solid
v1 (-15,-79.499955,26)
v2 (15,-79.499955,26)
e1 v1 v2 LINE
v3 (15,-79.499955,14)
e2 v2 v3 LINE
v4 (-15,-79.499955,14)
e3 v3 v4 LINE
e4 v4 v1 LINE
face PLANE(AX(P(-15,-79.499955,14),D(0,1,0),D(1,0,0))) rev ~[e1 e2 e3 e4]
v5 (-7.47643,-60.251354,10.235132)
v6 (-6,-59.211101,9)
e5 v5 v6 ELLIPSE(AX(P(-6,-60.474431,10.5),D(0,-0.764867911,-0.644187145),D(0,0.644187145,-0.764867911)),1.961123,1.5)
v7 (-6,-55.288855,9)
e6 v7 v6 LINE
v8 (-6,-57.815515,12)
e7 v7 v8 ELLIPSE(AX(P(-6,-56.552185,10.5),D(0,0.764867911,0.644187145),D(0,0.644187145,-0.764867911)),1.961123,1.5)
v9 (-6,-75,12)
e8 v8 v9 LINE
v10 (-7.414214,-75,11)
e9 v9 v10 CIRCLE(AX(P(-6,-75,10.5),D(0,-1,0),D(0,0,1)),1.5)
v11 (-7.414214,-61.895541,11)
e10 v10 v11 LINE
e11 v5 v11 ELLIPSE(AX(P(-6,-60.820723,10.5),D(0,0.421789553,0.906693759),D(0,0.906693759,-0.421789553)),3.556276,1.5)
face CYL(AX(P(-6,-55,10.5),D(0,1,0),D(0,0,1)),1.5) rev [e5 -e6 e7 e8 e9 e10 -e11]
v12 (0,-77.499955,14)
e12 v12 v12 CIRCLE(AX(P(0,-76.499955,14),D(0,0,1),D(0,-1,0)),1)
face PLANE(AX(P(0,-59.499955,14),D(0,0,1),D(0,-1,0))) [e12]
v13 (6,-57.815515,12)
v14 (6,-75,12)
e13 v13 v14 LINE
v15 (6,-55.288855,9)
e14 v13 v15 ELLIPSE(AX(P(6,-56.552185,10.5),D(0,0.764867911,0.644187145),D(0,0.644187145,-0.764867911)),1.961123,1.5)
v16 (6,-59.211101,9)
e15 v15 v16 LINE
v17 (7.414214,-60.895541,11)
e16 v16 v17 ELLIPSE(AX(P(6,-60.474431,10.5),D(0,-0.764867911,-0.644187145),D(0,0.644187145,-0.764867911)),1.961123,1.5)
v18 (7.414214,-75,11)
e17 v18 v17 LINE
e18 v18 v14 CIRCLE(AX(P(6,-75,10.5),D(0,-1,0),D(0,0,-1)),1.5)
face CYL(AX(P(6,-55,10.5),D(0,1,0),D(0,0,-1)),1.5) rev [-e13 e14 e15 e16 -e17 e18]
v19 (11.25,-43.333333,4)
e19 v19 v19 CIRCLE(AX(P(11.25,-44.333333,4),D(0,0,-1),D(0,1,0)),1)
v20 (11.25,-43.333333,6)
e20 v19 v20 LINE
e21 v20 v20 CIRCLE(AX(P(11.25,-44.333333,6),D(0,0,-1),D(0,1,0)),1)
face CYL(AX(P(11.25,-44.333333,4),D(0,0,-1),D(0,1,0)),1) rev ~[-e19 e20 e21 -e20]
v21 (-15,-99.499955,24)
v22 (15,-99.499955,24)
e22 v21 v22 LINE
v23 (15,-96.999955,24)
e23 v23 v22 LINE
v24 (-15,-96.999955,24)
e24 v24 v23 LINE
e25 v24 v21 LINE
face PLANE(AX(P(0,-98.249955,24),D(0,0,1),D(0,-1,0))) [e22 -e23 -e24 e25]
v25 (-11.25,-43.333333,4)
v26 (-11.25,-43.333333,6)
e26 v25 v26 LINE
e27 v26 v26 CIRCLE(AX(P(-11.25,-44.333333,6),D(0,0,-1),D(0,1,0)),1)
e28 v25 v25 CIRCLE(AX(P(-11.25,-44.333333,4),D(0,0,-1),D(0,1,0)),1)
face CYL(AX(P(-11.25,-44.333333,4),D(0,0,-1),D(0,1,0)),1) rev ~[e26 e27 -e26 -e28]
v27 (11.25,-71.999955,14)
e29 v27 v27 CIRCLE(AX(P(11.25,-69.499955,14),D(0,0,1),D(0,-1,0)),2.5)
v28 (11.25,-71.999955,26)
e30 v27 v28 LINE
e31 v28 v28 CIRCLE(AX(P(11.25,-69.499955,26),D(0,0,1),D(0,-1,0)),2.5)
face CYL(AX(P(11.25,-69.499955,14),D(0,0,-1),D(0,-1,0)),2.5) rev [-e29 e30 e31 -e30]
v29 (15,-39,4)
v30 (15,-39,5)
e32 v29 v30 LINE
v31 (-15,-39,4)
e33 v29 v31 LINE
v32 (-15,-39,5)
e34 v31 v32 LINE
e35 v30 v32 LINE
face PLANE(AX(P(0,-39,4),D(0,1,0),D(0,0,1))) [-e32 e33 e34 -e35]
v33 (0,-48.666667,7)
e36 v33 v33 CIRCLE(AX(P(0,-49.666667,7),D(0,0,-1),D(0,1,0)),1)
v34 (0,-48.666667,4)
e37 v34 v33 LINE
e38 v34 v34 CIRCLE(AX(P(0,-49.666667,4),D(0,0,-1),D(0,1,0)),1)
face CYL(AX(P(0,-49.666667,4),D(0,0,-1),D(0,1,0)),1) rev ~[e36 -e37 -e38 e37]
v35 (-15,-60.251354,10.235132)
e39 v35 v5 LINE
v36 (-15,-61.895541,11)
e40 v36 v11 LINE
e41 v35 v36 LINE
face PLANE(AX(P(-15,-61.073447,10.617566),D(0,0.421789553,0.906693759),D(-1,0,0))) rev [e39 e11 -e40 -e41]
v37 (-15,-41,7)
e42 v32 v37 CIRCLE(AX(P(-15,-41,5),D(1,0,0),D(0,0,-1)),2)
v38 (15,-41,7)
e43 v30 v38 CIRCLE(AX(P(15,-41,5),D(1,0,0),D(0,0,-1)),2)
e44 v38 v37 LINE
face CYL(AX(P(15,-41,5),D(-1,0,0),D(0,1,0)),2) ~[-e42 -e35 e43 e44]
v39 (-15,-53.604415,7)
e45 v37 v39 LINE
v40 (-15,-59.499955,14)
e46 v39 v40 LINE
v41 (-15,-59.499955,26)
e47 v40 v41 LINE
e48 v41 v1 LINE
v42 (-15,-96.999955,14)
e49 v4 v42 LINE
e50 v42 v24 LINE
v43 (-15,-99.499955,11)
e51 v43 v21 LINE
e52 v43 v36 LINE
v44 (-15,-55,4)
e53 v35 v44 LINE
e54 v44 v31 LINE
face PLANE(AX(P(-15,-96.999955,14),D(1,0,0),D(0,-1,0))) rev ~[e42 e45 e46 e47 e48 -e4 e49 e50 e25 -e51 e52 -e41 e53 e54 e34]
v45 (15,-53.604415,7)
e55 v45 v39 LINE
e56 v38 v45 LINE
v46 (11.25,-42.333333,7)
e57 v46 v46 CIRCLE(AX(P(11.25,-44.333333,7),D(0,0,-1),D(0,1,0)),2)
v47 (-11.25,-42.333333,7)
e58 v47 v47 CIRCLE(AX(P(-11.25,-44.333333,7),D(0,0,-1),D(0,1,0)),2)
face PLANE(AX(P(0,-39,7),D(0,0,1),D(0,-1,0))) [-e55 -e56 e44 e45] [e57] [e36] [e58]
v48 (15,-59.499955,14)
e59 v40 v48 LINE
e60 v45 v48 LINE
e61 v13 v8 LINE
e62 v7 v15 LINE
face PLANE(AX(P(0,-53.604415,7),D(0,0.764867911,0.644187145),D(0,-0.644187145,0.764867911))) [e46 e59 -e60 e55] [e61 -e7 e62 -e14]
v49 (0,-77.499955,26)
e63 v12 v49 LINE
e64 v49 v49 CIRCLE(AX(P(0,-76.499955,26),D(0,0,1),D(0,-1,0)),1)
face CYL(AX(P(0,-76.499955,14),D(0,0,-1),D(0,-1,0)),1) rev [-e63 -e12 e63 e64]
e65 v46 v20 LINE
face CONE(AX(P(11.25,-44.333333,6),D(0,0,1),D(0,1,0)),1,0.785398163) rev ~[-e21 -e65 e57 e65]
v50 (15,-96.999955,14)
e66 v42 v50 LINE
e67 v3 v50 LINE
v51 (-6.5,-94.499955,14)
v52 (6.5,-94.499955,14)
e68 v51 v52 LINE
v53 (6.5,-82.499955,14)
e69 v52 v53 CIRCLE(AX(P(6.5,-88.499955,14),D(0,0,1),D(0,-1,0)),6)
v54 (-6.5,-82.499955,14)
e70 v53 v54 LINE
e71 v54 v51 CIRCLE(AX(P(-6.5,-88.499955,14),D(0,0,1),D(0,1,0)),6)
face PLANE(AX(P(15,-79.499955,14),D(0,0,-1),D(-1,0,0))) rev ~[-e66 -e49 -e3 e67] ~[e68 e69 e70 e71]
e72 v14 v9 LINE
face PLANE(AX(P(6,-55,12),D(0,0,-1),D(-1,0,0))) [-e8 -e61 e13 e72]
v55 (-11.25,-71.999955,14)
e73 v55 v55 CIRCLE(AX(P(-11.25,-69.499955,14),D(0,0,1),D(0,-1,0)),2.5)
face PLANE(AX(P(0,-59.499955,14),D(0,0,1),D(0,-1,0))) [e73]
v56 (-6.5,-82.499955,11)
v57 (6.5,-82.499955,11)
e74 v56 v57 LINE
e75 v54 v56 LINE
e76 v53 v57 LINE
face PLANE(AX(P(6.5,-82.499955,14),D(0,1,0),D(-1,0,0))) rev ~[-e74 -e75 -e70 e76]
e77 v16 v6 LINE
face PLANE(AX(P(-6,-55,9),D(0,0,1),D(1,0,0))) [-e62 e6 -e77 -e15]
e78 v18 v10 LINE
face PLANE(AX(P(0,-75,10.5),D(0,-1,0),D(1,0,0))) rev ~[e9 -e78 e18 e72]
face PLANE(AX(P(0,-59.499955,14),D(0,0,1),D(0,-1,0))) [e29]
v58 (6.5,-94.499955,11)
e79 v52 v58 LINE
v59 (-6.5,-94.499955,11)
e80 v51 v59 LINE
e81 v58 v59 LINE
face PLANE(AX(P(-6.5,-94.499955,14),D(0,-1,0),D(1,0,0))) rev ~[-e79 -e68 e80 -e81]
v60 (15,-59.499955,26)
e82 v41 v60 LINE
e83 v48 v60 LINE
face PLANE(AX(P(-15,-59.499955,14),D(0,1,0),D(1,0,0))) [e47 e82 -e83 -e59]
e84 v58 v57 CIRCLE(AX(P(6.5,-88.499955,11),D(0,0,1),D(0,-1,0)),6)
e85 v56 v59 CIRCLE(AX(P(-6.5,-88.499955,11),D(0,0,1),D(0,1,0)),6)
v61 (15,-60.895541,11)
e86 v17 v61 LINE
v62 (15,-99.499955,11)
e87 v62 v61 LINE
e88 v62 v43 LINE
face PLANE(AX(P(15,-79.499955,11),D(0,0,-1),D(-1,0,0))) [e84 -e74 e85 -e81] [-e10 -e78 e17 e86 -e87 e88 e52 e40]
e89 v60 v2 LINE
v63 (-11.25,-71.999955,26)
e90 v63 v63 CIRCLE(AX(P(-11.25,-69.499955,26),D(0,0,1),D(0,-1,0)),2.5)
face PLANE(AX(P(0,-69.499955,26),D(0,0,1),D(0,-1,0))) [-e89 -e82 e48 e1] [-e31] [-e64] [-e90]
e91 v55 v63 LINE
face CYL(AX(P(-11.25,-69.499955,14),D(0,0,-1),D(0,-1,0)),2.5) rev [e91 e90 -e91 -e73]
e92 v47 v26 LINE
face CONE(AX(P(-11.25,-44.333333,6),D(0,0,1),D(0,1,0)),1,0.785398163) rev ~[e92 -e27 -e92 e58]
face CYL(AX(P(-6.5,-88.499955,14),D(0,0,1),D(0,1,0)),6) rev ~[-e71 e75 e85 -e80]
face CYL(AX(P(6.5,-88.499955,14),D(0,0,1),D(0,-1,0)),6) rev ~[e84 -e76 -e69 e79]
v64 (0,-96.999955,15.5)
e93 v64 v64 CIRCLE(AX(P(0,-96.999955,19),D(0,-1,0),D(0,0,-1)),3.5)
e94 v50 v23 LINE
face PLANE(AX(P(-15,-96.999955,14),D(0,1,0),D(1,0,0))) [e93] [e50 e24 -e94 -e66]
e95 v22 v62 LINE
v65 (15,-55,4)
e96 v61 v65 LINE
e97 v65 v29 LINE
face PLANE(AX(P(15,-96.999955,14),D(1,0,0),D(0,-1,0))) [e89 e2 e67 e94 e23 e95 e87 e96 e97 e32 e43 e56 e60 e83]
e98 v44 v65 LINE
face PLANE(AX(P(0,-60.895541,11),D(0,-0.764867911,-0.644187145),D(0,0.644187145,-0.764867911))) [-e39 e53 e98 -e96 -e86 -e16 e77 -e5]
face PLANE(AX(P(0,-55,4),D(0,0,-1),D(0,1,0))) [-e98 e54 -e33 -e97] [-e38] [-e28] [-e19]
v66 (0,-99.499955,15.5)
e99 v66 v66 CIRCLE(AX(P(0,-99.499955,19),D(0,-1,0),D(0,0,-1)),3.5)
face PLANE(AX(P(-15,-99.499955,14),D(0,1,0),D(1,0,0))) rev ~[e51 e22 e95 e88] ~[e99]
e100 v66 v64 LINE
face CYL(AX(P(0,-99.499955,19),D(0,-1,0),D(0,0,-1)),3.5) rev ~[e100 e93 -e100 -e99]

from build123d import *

# Parameters (mm, degrees)
PAD005_DEPTH        = 15
SKETCH010_W         = 20
SKETCH010_H         = 30
SKETCH010_R         = 2.5
SKETCH010_R_2       = 1
PAD006_DEPTH        = 12
POCKET004_DEPTH     = 20
POCKET004_FACE013_W = 30
POCKET004_FACE013_H = 3
PAD010_DEPTH        = 20
SKETCH012_W         = 2.5
SKETCH012_H         = 30
PAD008_DEPTH        = 10
SKETCH013_R         = 3.5
POCKET005_DEPTH     = 5
POCKET006_DEPTH     = 5
SKETCH015_R         = 1
POCKET007_DEPTH     = 5
FILLET003_R         = 2
CHAMFER001_SIZE     = 1


with BuildPart() as part:
    # Sketch009 → Pad005 (new body, symmetric)
    with BuildSketch(Plane.YZ):
        Polygon((-53.6044145035, 7), (-59.4999553571, 14), (-79.4999553571, 14), (-79.4999553571, 11), (-60.8955408536, 11), (-55, 4), (-39, 4), (-39, 7), align=None)
    extrude(amount=PAD005_DEPTH, both=True)

    # Sketch010 (on Face5 of Pad005) → Pad006 (join)
    with BuildSketch(Plane(origin=(0, 0, 14), x_dir=(0, -1, 0), z_dir=(0, 0, 1))):
        with Locations((69.4999553571, 0)):
            Rectangle(SKETCH010_W, SKETCH010_H)
        with Locations((69.4999553571, 11.25)):
            Circle(SKETCH010_R, mode=Mode.SUBTRACT)
        with Locations((69.4999553571, -11.25)):
            Circle(SKETCH010_R, mode=Mode.SUBTRACT)
        with Locations((76.4999553571, 0)):
            Circle(SKETCH010_R_2, mode=Mode.SUBTRACT)
    extrude(amount=PAD006_DEPTH)

    # Sketch011 → Pocket004 (cut)
    with BuildSketch(Plane.XZ.offset(55)):
        with BuildLine():
            ThreePointArc((-6, 12), (-7.5, 10.5), (-6, 9))
            Line((-6, 9), (6, 9))
            ThreePointArc((6, 9), (7.5, 10.5), (6, 12))
            Line((6, 12), (-6, 12))
        make_face()
    extrude(amount=POCKET004_DEPTH, mode=Mode.SUBTRACT)

    # Pocket004 Face013 → Pad010 (add)
    with BuildSketch(Plane(origin=(0, -79.4999553571, 12.5), x_dir=(-1, 0, 0), z_dir=(0, -1, 0))):
        Rectangle(POCKET004_FACE013_W, POCKET004_FACE013_H)
    extrude(amount=PAD010_DEPTH)

    # Sketch012 (on Face22 of Pad010) → Pad008 (join)
    with BuildSketch(Plane(origin=(0, 0, 14), x_dir=(0, -1, 0), z_dir=(0, 0, 1))):
        with Locations((98.2499553571, 0)):
            Rectangle(SKETCH012_W, SKETCH012_H)
    extrude(amount=PAD008_DEPTH)

    # Sketch013 (on Face30 of Pad008) → Pocket005 (cut)
    with BuildSketch(Plane(origin=(0, -99.4999553571, 0), x_dir=(0, 0, -1), z_dir=(0, -1, 0))):
        with Locations((-19, 0)):
            Circle(SKETCH013_R)
    extrude(amount=-POCKET005_DEPTH, mode=Mode.SUBTRACT)

    # Sketch014 (on Face22 of Pocket005) → Pocket006 (cut)
    with BuildSketch(Plane(origin=(0, 0, 14), x_dir=(0, -1, 0), z_dir=(0, 0, 1))):
        with BuildLine():
            ThreePointArc((94.4999553571, 6.5), (88.4999553571, 12.5), (82.4999553571, 6.5))
            Line((82.4999553571, 6.5), (82.4999553571, -6.5))
            ThreePointArc((82.4999553571, -6.5), (88.4999553571, -12.5), (94.4999553571, -6.5))
            Line((94.4999553571, -6.5), (94.4999553571, 6.5))
        make_face()
    extrude(amount=-POCKET006_DEPTH, mode=Mode.SUBTRACT)

    # Sketch015 (on Face1 of Pocket006) → Pocket007 (cut)
    with BuildSketch(Plane.YX.offset(-4)):
        with Locations((-44.3333333333, 11.25)):
            Circle(SKETCH015_R)
        with Locations((-44.3333333333, -11.25)):
            Circle(SKETCH015_R)
        with Locations((-49.6666666667, 0)):
            Circle(SKETCH015_R)
    extrude(amount=-POCKET007_DEPTH, mode=Mode.SUBTRACT)

    # Fillet003
    fillet003_edges = [part.edges().sort_by_distance(p)[0] for p in [
        (0, -39, 7),
        (6, -66.407758, 12),
    ]]
    fillet(fillet003_edges, radius=FILLET003_R)

    # Chamfer001
    chamfer001_edges = [part.edges().sort_by_distance(p)[0] for p in [
        (-11.207107, -60.895541, 11),
        (-11.25, -45.333333, 7),
        (11.25, -45.333333, 7),
    ]]
    chamfer(chamfer001_edges, length=CHAMFER001_SIZE)


solid = part.part
